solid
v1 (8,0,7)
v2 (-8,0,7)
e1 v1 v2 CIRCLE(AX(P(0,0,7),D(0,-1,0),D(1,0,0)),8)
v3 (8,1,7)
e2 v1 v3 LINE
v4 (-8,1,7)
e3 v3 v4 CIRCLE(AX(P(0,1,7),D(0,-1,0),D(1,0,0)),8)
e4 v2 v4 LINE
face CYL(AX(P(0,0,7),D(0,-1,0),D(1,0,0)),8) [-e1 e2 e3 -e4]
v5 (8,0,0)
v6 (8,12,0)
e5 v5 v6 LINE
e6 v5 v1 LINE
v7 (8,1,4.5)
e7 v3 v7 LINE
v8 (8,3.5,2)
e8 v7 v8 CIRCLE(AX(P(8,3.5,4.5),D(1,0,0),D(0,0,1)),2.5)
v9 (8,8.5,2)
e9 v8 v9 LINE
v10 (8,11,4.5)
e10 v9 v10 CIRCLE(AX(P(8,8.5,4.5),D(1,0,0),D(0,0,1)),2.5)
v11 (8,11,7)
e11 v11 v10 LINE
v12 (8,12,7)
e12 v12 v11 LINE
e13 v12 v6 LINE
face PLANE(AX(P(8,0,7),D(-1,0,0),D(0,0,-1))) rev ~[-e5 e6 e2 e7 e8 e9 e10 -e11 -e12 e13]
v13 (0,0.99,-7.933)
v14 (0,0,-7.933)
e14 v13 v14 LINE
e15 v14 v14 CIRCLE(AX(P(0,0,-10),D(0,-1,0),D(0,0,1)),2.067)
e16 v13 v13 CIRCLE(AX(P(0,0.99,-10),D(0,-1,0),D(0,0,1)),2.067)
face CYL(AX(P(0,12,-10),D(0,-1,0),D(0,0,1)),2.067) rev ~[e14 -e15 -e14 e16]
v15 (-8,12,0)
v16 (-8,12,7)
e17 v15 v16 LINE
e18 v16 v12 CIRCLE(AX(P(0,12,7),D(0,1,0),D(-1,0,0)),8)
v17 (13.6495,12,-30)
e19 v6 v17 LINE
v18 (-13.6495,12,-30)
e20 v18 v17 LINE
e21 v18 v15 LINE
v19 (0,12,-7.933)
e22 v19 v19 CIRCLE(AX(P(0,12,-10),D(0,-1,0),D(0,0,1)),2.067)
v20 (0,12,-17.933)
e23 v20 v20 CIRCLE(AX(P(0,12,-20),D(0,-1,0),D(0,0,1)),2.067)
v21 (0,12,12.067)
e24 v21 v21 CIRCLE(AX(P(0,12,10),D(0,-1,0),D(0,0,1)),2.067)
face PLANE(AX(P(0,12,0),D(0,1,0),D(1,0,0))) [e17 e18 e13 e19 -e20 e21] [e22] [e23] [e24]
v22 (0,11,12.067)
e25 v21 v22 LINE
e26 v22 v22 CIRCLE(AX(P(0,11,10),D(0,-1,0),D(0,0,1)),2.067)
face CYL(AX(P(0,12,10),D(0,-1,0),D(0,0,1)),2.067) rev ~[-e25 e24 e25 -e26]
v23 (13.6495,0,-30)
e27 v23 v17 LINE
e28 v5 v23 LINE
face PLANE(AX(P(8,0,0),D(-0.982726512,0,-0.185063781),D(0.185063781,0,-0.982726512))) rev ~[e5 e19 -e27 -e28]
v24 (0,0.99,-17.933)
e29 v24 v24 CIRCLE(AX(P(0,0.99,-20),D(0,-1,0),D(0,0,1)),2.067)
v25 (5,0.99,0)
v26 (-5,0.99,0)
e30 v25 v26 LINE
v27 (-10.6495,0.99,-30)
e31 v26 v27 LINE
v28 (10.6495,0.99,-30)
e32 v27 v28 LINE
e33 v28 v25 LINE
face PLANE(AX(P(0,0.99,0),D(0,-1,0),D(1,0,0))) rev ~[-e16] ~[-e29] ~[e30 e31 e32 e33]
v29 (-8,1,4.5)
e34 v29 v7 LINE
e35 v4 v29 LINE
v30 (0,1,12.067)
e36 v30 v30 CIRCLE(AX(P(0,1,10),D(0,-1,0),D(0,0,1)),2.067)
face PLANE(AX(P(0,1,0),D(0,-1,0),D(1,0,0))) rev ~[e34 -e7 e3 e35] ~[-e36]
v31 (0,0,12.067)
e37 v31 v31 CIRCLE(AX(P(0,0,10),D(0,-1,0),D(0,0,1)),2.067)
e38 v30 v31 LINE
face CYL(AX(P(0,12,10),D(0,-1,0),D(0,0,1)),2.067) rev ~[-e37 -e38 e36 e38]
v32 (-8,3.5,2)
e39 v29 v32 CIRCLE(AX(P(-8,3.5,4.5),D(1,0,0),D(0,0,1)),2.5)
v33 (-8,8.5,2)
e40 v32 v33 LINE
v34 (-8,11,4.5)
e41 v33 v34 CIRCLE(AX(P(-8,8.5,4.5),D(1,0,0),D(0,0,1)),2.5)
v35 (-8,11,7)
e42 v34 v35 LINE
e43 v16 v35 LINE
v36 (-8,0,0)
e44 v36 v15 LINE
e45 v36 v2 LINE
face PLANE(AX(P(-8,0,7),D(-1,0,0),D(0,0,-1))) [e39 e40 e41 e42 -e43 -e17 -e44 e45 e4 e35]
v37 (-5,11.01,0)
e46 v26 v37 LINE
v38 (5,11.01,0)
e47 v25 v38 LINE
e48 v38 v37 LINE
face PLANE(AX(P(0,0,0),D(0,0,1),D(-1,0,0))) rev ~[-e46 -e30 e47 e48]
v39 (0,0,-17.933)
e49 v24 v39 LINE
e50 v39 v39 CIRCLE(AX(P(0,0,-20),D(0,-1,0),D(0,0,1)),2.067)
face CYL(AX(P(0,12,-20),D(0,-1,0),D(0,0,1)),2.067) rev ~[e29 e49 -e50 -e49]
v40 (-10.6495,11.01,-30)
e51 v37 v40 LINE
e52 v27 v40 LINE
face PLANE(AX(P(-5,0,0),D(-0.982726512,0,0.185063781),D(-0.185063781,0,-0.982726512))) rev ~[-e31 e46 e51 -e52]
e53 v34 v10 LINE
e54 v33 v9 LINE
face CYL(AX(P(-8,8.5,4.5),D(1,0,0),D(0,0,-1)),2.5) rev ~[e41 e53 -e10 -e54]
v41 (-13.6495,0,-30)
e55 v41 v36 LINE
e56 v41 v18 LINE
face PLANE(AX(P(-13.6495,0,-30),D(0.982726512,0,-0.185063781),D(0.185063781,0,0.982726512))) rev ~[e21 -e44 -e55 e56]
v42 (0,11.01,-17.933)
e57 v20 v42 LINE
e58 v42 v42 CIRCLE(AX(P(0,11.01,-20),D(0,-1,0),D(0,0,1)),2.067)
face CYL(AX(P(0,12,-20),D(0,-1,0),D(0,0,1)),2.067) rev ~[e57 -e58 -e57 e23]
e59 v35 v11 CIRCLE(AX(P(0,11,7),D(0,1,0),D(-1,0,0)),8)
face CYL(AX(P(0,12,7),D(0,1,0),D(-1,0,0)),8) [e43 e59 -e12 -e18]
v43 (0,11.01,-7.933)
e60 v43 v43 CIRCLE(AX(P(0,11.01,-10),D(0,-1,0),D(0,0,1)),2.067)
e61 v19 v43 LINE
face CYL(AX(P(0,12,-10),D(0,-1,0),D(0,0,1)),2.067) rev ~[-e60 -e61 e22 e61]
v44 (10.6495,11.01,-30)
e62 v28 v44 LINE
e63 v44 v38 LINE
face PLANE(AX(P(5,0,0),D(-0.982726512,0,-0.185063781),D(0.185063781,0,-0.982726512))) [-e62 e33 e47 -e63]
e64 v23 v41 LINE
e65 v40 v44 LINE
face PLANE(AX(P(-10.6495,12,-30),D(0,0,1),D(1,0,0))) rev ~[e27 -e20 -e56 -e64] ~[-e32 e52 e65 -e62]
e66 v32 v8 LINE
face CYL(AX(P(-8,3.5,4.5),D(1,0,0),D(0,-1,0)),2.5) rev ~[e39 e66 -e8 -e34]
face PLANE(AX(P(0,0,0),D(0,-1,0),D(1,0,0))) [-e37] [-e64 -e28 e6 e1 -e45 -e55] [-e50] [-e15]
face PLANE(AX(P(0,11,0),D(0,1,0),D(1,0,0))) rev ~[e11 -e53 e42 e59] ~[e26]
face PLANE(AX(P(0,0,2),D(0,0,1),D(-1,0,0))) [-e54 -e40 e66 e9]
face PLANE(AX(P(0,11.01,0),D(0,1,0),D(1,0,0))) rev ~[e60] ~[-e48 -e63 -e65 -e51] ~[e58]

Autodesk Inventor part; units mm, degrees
ref_plane "YZ Plane" through (0, 0, 0) normal (1, 0, 0) x (0, 1, 0)
ref_plane "XZ Plane" through (0, 0, 0) normal (0, 1, 0) x (-1, 0, 0)
ref_plane "XY Plane" through (0, 0, 0) normal (0, 0, 1) x (1, 0, 0)
sketch "Esquisse1" plane through (0, 0, 0) normal (0, 1, 0) x (-1, 0, 0)
  line L0 (0, 0) -> (0, -30)
  line L1 (0, -30) -> (10.6495, -30)
  line L2 (0, -30) -> (10.6495, -30) construction
  line L3 (0, -30) -> (-10.6495, -30)
  line L4 (0, 0) -> (5, 0)
  line L5 (0, 0) -> (-5, 0)
  line L6 (-5, 0) -> (-10.6495, -30)
  line L7 (5, 0) -> (10.6495, -30)
  line L8 (5, 0) -> (8, 0)
  line L9 (10.6495, -30) -> (13.6495, -30)
  line L10 (13.6495, -30) -> (8, 0)
  line L11 (-10.6495, -30) -> (-13.6495, -30)
  line L12 (-5, 0) -> (-8, 0)
  line L13 (-8, 0) -> (-13.6495, -30)
  line L14 (0, 0) -> (0, 2)
  line L15 (0, 2) -> (8, 2)
  line L16 (8, 2) -> (8, 0)
  line L17 (0, 2) -> (-8, 2)
  line L18 (-8, 2) -> (-8, 0)
  dimension "d0" = 30
  dimension "d1" = 10.6495
  dimension "d2" = 0
  dimension "d3" = 10.6495
  dimension "d4" = 5
  dimension "d5" = 5
  dimension "d7" = 3
  dimension "d8" = 3
  dimension "d9" = 3
  dimension "d10" = 3
  dimension "d11" = 2
extrude "Extrusion1" add sketch "Esquisse1" along normal blind 12 contours L14 L15 L16 L8 L4 | L5 L12 L18 L17 L14 | L8 L10 L9 L7 | L6 L11 L13 L12
sketch "Esquisse2" plane through (0, 0, 0) normal (0, -1, 0) x (1, 0, 0)
  line L0 (-5, 0) -> (-10.6495, -30) projected
  line L1 (-5, 0) -> (-10.6495, -30)
  line L2 (10.6495, -30) -> (5, 0) projected
  line L3 (-10.6495, -30) -> (10.6495, -30)
  line L4 (10.6495, -30) -> (5, 0)
  line L5 (5, 0) -> (-5, 0)
  point P0 (0, 0)
extrude "Extrusion2" add sketch "Esquisse2" against normal blind 0.99
sketch "Esquisse3" plane through (0, 12, 0) normal (0, 1, 0) x (1, 0, 0)
  line L0 (5, 0) -> (-5, 0) projected
  line L1 (5, 0) -> (-5, 0)
  line L2 (-10.6495, 30) -> (-13.6495, 30) projected
  line L3 (-5, 0) -> (-10.6495, 30)
  line L4 (10.6495, 30) -> (5, 0) projected
  line L5 (-10.6495, 30) -> (10.6495, 30)
  line L6 (10.6495, 30) -> (5, 0)
  point P0 (0, 0)
extrude "Extrusion3" add sketch "Esquisse3" against normal blind 0.99
sketch "Esquisse4" plane through (0, 12, 0) normal (0, 1, 0) x (1, 0, 0)
  line L0 (0, 0) -> (0, 30)
  line L1 (13.6495, 30) -> (-13.6495, 30) projected
  line L2 (0, 0) -> (0, 10)
  line L3 (0, 10) -> (0, 20)
  dimension "d18" = 10
  dimension "d19" = 10
hole "Perçage1" at (0, 12, -10) at (0, 12, -20) direction (0, -1, 0) diameter 4.134 end through all thread size "M5x0.8" class "6H" standard "ISO Metric profile"
sketch "Esquisse5" plane through (0, 12, 0) normal (0, 1, 0) x (1, 0, 0)
  line L0 (-8, -2) -> (8, -2) projected
  line L1 (-8, -2) -> (-8, -7)
  line L2 (-8, -7) -> (8, -7)
  line L3 (8, -7) -> (8, -2)
  arc A0 (-8, -7) -> (8, -7) centre (0, -7) ccw
  point P0 (0, 0)
  dimension "d27" = 5
extrude "Extrusion4" add sketch "Esquisse5" against normal blind 1
fillet "Congé1" radius 2.5 1 edges at (0, 11, 2)
sketch "Esquisse7" plane through (0, 12, 0) normal (0, 1, 0) x (1, 0, 0)
  line L0 (0, 0) -> (0, -10)
  dimension "d31" = 10
sketch "Esquisse8" plane through (0, 0, 0) normal (0, -1, 0) x (1, 0, 0)
  line L0 (-8, 2) -> (8, 2) projected
  line L1 (-8, 7) -> (-8, 2)
  line L2 (8, 7) -> (8, 0) projected
  line L3 (8, 2) -> (8, 7)
  line L4 (-8, 2) -> (8, 2)
  arc A0 (8, 7) -> (-8, 7) centre (0, 7) ccw
  point P0 (0, 0)
extrude "Extrusion5" add sketch "Esquisse8" against normal blind 1
fillet "Congé2" radius 2.5 1 edges at (0, 1, 2)
hole "Perçage2" at (0, 12, 10) direction (0, -1, 0) diameter 4.134 end through all thread size "M5x0.8" class "6H" standard "ISO Metric profile"
properties part number "Fixation_rotule_axe_centrale"
